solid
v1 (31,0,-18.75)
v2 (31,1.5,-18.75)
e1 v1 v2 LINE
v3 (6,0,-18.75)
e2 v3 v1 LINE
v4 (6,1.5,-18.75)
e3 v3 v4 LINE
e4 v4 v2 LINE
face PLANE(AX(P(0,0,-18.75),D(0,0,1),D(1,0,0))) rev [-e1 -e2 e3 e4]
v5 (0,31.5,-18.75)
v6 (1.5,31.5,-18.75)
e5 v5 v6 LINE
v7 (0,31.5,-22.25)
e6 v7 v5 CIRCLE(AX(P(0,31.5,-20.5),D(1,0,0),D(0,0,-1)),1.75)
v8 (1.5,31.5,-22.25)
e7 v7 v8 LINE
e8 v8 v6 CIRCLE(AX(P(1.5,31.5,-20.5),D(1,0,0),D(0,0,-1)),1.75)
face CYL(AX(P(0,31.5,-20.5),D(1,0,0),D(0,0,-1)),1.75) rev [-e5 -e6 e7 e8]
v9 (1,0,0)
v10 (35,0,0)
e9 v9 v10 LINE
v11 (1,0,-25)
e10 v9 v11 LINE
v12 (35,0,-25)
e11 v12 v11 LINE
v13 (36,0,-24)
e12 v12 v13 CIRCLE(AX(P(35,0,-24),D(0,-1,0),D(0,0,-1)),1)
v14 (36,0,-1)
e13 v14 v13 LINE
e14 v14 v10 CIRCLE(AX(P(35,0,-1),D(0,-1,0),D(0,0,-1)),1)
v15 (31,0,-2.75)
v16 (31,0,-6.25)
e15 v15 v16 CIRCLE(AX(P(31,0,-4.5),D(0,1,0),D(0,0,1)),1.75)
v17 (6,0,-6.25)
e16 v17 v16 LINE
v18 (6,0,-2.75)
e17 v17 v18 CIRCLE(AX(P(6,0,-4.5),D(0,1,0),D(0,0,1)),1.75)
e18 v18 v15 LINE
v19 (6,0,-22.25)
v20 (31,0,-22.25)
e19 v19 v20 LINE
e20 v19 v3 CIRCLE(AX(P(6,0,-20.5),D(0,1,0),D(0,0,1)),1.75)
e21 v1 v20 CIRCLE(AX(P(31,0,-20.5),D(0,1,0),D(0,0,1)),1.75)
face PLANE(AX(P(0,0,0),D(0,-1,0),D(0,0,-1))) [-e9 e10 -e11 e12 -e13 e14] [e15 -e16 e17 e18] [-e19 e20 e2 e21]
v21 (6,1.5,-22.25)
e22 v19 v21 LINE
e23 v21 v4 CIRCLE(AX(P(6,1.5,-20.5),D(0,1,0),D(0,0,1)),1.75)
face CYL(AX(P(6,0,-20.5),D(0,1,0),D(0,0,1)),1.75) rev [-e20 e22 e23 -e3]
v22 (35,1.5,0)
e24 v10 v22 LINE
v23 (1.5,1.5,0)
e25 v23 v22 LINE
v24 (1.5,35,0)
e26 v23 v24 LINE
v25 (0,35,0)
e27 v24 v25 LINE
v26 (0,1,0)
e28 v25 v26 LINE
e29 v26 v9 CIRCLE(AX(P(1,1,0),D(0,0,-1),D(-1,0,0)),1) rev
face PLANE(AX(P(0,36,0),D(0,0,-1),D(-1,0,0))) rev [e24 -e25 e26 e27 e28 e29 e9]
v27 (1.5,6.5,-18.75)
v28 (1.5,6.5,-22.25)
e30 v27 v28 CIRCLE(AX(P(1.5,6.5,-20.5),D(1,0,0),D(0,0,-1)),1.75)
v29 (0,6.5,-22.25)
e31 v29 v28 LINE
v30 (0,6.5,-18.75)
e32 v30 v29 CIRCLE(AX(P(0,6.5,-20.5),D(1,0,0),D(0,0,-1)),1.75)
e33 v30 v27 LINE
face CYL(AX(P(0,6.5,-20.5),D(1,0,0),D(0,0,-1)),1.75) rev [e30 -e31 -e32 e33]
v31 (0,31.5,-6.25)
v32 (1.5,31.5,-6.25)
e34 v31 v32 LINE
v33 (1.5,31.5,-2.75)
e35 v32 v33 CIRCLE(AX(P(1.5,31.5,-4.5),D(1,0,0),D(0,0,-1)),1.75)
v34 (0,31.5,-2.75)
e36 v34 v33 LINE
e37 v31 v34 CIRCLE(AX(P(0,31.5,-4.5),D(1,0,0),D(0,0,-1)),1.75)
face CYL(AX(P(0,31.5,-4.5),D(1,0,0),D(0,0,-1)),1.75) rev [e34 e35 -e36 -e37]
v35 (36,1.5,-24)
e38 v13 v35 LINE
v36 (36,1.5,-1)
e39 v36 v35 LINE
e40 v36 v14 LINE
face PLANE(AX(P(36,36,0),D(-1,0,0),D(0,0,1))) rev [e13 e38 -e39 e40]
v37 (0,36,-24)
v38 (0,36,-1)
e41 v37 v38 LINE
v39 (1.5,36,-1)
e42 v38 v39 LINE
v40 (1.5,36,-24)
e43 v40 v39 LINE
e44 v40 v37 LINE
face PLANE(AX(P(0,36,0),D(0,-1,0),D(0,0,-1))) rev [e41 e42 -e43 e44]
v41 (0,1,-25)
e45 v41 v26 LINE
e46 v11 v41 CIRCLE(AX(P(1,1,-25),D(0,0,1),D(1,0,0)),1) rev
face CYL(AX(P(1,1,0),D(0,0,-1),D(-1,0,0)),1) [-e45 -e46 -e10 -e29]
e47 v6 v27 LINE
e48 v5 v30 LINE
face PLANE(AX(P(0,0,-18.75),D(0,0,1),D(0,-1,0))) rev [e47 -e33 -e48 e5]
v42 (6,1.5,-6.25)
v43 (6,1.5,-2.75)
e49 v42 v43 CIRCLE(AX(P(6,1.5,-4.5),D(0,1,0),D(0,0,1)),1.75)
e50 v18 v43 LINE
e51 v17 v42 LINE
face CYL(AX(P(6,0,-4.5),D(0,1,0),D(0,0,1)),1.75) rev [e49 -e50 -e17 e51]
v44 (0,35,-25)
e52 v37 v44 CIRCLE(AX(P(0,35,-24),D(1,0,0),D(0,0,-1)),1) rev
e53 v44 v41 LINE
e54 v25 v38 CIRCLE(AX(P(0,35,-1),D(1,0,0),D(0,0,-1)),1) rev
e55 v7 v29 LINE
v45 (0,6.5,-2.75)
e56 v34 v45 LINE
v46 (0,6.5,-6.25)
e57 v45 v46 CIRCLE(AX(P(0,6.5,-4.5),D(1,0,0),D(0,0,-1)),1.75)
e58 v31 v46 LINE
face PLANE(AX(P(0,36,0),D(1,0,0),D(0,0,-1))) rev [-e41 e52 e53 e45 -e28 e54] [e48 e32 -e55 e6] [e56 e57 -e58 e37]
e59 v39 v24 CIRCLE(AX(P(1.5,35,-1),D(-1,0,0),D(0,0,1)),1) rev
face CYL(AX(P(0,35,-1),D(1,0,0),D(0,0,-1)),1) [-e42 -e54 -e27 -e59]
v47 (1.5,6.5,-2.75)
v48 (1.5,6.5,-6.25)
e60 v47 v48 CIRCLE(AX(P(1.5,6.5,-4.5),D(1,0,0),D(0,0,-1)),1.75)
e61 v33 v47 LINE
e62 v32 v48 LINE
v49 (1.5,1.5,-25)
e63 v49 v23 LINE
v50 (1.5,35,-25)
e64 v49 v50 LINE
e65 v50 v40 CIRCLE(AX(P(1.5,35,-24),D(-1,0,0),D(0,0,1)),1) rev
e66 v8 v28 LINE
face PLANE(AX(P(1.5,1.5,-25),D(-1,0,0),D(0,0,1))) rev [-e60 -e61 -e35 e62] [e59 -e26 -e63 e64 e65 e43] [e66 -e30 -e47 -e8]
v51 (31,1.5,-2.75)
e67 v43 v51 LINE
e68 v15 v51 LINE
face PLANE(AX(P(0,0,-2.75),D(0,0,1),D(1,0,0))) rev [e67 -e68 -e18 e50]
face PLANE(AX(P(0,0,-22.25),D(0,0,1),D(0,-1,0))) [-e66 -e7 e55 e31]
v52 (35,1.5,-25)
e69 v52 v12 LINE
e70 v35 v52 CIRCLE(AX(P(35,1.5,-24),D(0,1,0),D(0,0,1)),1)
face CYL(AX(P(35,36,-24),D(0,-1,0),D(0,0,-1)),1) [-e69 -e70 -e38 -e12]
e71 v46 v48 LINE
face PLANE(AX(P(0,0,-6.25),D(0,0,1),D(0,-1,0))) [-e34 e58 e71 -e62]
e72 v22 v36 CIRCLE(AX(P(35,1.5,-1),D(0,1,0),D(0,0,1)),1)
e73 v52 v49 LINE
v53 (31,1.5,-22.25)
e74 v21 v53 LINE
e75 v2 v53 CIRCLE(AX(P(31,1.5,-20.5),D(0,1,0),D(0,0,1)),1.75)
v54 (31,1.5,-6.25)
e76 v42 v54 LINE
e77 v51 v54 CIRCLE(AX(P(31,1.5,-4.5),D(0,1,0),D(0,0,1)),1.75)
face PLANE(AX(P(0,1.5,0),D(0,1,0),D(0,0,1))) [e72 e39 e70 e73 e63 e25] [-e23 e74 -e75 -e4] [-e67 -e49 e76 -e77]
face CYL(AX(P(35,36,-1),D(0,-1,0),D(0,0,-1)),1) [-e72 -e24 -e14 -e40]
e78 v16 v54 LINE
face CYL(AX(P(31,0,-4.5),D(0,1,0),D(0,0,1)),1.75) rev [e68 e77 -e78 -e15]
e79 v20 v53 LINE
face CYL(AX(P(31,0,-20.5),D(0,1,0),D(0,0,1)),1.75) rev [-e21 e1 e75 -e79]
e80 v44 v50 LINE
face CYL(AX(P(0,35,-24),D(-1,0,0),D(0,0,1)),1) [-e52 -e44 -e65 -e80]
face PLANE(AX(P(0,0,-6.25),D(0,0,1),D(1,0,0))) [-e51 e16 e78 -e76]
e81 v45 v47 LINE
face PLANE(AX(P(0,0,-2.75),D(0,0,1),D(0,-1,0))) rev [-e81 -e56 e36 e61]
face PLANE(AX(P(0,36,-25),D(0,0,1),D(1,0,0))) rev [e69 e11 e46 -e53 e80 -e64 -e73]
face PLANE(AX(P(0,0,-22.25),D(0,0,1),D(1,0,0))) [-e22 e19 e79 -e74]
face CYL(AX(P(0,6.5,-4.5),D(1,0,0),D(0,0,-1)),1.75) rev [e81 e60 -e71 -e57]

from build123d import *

# Parameters (mm, degrees)
SKETCH1_W           = 36
SKETCH1_H           = 25
BOSS_EXTRUDE1_DEPTH = 36
SKETCH2_W           = 34.5
SKETCH2_H           = 25
CUT_EXTRUDE1_DEPTH  = 34.5
FILLET1_R           = 1
CUT_EXTRUDE2_DEPTH  = 1.5
CUT_EXTRUDE3_DEPTH  = 1.5


with BuildPart() as part:
    # Sketch1 → Boss-Extrude1 (new body)
    with BuildSketch(Plane(origin=(0, 0, 0), x_dir=(1, 0, 0), z_dir=(0, 1, 0))):
        with Locations((18, 12.5)):
            Rectangle(SKETCH1_W, SKETCH1_H)
    extrude(amount=BOSS_EXTRUDE1_DEPTH)

    # Sketch2 → Cut-Extrude1 (cut)
    with BuildSketch(Plane(origin=(0, 36, 0), x_dir=(1, 0, 0), z_dir=(0, 1, 0))):
        with Locations((18.75, 12.5)):
            Rectangle(SKETCH2_W, SKETCH2_H)
    extrude(amount=-CUT_EXTRUDE1_DEPTH, mode=Mode.SUBTRACT)

    # Fillet1
    fillet1_edges = [part.edges().sort_by_distance(p)[0] for p in [
        (0.75, 36, -25),
        (36, 0.75, -25),
        (36, 0.75, 0),
        (0, 0, -12.5),
        (0.75, 36, 0),
    ]]
    fillet(fillet1_edges, radius=FILLET1_R)

    # Sketch3 → Cut-Extrude2 (cut)
    with BuildSketch(Plane(origin=(0, 1.5, 0), x_dir=(1, 0, 0), z_dir=(0, 1, 0))):
        with BuildLine():
            Line((31, 6.25), (6, 6.25))
            ThreePointArc((6, 6.25), (4.25, 4.5), (6, 2.75))
            Line((6, 2.75), (31, 2.75))
            ThreePointArc((31, 2.75), (32.75, 4.5), (31, 6.25))
        make_face()
        with BuildLine():
            Line((6, 18.75), (31, 18.75))
            ThreePointArc((31, 18.75), (32.75, 20.5), (31, 22.25))
            Line((31, 22.25), (6, 22.25))
            ThreePointArc((6, 22.25), (4.25, 20.5), (6, 18.75))
        make_face()
    extrude(amount=-CUT_EXTRUDE2_DEPTH, mode=Mode.SUBTRACT)

    # Sketch4 → Cut-Extrude3 (cut)
    with BuildSketch(Plane(origin=(1.5, 0, 0), x_dir=(0, 0, -1), z_dir=(1, 0, 0))):
        with BuildLine():
            Line((22.25, 6.5), (22.25, 31.5))
            ThreePointArc((22.25, 31.5), (20.5, 33.25), (18.75, 31.5))
            Line((18.75, 31.5), (18.75, 6.5))
            ThreePointArc((18.75, 6.5), (20.5, 4.75), (22.25, 6.5))
        make_face()
        with BuildLine():
            ThreePointArc((6.25, 31.5), (4.5, 33.25), (2.75, 31.5))
            Line((2.75, 31.5), (2.75, 6.5))
            ThreePointArc((2.75, 6.5), (4.5, 4.75), (6.25, 6.5))
            Line((6.25, 6.5), (6.25, 31.5))
        make_face()
    extrude(amount=-CUT_EXTRUDE3_DEPTH, mode=Mode.SUBTRACT)


solid = part.part
